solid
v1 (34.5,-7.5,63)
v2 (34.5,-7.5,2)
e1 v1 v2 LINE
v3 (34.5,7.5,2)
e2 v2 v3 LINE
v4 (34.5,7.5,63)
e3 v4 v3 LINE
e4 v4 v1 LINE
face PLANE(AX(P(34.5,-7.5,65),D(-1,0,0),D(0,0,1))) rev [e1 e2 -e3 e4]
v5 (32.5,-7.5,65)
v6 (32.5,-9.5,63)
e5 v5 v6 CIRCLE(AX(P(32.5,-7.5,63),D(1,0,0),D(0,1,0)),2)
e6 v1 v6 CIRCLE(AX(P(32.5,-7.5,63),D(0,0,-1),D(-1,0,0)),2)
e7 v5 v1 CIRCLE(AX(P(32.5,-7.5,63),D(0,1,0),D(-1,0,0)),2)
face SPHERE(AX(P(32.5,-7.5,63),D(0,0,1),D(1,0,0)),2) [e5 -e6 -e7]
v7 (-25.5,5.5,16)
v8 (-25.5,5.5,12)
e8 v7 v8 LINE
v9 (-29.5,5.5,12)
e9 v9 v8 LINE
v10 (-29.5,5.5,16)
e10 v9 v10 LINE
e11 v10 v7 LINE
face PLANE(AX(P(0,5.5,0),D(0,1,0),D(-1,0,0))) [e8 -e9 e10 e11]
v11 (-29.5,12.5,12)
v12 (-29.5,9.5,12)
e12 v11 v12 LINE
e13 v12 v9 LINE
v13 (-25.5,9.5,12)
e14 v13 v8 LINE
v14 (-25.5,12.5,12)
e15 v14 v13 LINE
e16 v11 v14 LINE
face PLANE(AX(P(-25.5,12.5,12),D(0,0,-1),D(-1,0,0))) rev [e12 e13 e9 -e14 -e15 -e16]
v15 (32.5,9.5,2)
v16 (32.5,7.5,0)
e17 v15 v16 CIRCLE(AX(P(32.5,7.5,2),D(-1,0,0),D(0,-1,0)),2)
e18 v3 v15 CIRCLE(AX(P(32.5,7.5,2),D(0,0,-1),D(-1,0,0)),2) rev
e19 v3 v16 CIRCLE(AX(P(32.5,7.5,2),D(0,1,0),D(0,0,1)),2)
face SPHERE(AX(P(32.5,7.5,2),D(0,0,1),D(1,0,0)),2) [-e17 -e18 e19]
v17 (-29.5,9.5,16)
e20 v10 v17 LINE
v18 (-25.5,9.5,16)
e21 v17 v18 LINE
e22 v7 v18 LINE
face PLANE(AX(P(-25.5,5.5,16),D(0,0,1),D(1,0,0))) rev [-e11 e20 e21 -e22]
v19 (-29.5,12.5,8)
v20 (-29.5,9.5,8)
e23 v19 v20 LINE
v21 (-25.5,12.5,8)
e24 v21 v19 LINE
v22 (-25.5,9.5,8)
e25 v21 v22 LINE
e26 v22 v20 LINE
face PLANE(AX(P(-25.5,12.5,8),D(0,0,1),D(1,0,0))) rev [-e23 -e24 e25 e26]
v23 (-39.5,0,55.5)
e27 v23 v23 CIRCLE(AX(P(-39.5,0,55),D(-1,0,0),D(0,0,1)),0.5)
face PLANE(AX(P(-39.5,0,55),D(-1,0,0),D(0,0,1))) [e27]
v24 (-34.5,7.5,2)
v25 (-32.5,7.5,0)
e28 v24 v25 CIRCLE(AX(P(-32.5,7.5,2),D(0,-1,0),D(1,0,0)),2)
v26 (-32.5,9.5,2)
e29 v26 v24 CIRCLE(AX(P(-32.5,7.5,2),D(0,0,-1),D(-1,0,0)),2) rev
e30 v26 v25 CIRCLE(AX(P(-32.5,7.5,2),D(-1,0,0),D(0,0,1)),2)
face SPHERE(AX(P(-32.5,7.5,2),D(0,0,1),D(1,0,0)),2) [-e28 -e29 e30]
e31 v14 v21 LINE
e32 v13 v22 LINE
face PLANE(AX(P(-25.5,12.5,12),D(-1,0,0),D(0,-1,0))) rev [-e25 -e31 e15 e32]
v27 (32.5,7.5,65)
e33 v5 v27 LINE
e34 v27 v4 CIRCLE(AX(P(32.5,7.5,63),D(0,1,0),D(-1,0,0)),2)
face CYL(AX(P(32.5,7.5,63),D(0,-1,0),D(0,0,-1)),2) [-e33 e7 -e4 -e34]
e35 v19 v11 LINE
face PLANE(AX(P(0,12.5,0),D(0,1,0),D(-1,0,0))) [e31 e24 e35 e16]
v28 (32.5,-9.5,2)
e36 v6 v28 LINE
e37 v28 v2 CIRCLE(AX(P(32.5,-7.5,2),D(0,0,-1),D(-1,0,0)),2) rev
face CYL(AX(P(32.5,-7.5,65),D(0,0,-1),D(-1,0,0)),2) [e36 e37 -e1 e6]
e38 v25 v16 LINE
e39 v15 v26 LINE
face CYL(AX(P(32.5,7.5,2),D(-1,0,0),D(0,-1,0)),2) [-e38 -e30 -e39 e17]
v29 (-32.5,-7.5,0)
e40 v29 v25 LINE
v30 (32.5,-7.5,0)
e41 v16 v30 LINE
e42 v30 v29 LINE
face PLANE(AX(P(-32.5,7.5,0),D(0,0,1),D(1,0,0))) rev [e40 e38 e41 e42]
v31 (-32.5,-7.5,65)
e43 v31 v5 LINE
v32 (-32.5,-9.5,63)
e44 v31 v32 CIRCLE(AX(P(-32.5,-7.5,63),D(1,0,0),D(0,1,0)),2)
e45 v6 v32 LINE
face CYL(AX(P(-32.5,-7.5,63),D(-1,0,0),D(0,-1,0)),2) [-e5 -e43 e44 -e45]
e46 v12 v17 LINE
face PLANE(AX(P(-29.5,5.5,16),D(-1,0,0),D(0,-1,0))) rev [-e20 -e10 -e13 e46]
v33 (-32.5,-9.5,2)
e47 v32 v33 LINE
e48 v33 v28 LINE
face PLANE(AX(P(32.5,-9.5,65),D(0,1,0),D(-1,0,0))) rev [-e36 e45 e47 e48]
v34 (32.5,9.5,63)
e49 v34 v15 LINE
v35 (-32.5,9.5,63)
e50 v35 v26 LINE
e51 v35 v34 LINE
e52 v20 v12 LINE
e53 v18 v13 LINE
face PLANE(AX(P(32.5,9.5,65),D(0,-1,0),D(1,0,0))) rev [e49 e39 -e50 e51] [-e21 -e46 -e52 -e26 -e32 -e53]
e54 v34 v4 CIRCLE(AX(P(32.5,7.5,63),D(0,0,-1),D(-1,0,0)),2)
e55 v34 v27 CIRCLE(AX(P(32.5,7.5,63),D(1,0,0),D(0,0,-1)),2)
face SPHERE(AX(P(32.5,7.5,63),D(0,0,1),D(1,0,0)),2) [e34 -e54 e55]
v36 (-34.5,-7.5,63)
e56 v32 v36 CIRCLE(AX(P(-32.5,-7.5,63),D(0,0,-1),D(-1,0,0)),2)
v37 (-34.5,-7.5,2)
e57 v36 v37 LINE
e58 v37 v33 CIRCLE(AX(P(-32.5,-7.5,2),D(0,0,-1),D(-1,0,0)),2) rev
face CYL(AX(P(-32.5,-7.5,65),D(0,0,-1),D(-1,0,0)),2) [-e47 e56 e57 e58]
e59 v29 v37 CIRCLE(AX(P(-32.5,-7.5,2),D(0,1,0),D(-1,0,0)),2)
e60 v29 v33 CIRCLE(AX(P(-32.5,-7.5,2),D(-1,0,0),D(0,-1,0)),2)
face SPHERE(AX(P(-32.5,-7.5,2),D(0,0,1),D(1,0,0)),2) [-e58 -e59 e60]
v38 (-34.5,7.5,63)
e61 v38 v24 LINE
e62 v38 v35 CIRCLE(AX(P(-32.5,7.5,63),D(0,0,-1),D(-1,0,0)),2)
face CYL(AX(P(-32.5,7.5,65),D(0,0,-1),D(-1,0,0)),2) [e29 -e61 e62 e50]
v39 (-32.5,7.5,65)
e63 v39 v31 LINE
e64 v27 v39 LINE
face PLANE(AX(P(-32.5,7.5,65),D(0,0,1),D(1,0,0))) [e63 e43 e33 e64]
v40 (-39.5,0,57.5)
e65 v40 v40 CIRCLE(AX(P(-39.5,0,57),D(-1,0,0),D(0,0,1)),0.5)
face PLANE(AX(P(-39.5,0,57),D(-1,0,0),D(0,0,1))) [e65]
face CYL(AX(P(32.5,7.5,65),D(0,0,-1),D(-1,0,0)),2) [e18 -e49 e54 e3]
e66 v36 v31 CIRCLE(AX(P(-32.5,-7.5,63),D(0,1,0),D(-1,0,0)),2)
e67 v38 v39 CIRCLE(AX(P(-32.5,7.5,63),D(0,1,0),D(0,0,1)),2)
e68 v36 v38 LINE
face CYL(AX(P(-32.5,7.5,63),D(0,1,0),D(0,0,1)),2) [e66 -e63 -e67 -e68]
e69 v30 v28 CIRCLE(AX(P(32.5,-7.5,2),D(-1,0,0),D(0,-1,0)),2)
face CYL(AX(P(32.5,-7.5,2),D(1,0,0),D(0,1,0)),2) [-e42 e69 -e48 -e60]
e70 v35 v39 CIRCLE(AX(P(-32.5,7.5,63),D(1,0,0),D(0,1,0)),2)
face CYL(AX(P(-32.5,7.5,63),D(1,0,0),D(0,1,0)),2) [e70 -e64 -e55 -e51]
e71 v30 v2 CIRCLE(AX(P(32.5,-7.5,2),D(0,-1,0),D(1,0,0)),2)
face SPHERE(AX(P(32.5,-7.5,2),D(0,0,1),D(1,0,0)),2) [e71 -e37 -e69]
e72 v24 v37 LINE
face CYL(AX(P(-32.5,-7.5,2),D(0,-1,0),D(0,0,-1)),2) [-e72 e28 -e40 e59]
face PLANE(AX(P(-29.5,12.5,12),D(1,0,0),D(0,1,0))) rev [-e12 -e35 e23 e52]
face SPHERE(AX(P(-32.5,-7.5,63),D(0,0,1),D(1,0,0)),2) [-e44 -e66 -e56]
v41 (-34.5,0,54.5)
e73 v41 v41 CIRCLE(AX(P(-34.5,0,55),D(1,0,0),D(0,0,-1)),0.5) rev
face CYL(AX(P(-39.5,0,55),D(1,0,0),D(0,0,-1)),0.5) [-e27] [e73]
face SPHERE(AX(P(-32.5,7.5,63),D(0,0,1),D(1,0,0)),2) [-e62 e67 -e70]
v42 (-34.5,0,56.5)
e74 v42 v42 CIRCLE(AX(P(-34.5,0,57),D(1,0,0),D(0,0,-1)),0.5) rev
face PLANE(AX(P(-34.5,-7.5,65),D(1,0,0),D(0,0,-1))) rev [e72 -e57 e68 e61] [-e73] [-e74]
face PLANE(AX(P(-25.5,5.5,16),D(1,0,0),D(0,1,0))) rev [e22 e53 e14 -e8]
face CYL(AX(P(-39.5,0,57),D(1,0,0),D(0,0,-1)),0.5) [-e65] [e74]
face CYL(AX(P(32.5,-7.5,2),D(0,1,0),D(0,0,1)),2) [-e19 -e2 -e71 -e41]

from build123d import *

# Parameters (mm, degrees)
EXTRUDE_1_DEPTH     = 65
FILLET_1_R          = 2
SKETCH_2_W          = 4
SKETCH_2_H          = 8
CUT_EXTRUDE_1_DEPTH = 4
SKETCH_4_W          = 4
SKETCH_4_H          = 4
EXTRUDE_2_DEPTH     = 7
SKETCH_5_R          = 0.5
EXTRUDE_3_DEPTH     = 5


with BuildPart() as part:
    # Эскиз1 → Бобышка-Вытянуть1 (new body)
    with BuildSketch(Plane.XY):
        with BuildLine():
            Line((32.5, -9.5), (-32.5, -9.5))
            ThreePointArc((-32.5, -9.5), (-33.914213562, -8.914213562), (-34.5, -7.5))
            Line((-34.5, -7.5), (-34.5, 7.5))
            ThreePointArc((-34.5, 7.5), (-33.914213562, 8.914213562), (-32.5, 9.5))
            Line((-32.5, 9.5), (32.5, 9.5))
            ThreePointArc((32.5, 9.5), (33.914213562, 8.914213562), (34.5, 7.5))
            Line((34.5, 7.5), (34.5, -7.5))
            ThreePointArc((34.5, -7.5), (33.914213562, -8.914213562), (32.5, -9.5))
        make_face()
    extrude(amount=EXTRUDE_1_DEPTH)

    # Скругление1
    fillet_1_edges = [part.edges().sort_by_distance(p)[0] for p in [
        (-33.914213562, -8.914213562, 65),
        (-34.5, 0, 0),
        (-33.914213562, 8.914213562, 0),
        (0, -9.5, 65),
        (33.914213562, -8.914213562, 65),
        (34.5, 0, 65),
        (33.914213562, 8.914213562, 65),
        (0, 9.5, 65),
        (-33.914213562, 8.914213562, 65),
        (-34.5, 0, 65),
        (0, 9.5, 0),
        (33.914213562, 8.914213562, 0),
        (34.5, 0, 0),
        (33.914213562, -8.914213562, 0),
        (0, -9.5, 0),
        (-33.914213562, -8.914213562, 0),
    ]]
    fillet(fillet_1_edges, radius=FILLET_1_R)

    # Эскиз2 → Вырез-Вытянуть1 (cut)
    with BuildSketch(Plane(origin=(0, 9.5, 0), x_dir=(1, 0, 0), z_dir=(0, 1, 0))):
        with Locations((-27.5, -12)):
            Rectangle(SKETCH_2_W, SKETCH_2_H)
    extrude(amount=-CUT_EXTRUDE_1_DEPTH, mode=Mode.SUBTRACT)

    # Эскиз4 → Бобышка-Вытянуть2 (add)
    with BuildSketch(Plane(origin=(0, 5.5, 0), x_dir=(1, 0, 0), z_dir=(0, 1, 0))):
        with Locations((-27.5, -10)):
            Rectangle(SKETCH_4_W, SKETCH_4_H)
    extrude(amount=EXTRUDE_2_DEPTH)

    # Эскиз5 → Бобышка-Вытянуть3 (add)
    with BuildSketch(Plane.ZY.offset(34.5)):
        with Locations(Location((55, 0, 0), (0, 0, 180))):
            Circle(SKETCH_5_R)
        with Locations(Location((57, 0, 0), (0, 0, 180))):
            Circle(SKETCH_5_R)
    extrude(amount=EXTRUDE_3_DEPTH)


solid = part.part
